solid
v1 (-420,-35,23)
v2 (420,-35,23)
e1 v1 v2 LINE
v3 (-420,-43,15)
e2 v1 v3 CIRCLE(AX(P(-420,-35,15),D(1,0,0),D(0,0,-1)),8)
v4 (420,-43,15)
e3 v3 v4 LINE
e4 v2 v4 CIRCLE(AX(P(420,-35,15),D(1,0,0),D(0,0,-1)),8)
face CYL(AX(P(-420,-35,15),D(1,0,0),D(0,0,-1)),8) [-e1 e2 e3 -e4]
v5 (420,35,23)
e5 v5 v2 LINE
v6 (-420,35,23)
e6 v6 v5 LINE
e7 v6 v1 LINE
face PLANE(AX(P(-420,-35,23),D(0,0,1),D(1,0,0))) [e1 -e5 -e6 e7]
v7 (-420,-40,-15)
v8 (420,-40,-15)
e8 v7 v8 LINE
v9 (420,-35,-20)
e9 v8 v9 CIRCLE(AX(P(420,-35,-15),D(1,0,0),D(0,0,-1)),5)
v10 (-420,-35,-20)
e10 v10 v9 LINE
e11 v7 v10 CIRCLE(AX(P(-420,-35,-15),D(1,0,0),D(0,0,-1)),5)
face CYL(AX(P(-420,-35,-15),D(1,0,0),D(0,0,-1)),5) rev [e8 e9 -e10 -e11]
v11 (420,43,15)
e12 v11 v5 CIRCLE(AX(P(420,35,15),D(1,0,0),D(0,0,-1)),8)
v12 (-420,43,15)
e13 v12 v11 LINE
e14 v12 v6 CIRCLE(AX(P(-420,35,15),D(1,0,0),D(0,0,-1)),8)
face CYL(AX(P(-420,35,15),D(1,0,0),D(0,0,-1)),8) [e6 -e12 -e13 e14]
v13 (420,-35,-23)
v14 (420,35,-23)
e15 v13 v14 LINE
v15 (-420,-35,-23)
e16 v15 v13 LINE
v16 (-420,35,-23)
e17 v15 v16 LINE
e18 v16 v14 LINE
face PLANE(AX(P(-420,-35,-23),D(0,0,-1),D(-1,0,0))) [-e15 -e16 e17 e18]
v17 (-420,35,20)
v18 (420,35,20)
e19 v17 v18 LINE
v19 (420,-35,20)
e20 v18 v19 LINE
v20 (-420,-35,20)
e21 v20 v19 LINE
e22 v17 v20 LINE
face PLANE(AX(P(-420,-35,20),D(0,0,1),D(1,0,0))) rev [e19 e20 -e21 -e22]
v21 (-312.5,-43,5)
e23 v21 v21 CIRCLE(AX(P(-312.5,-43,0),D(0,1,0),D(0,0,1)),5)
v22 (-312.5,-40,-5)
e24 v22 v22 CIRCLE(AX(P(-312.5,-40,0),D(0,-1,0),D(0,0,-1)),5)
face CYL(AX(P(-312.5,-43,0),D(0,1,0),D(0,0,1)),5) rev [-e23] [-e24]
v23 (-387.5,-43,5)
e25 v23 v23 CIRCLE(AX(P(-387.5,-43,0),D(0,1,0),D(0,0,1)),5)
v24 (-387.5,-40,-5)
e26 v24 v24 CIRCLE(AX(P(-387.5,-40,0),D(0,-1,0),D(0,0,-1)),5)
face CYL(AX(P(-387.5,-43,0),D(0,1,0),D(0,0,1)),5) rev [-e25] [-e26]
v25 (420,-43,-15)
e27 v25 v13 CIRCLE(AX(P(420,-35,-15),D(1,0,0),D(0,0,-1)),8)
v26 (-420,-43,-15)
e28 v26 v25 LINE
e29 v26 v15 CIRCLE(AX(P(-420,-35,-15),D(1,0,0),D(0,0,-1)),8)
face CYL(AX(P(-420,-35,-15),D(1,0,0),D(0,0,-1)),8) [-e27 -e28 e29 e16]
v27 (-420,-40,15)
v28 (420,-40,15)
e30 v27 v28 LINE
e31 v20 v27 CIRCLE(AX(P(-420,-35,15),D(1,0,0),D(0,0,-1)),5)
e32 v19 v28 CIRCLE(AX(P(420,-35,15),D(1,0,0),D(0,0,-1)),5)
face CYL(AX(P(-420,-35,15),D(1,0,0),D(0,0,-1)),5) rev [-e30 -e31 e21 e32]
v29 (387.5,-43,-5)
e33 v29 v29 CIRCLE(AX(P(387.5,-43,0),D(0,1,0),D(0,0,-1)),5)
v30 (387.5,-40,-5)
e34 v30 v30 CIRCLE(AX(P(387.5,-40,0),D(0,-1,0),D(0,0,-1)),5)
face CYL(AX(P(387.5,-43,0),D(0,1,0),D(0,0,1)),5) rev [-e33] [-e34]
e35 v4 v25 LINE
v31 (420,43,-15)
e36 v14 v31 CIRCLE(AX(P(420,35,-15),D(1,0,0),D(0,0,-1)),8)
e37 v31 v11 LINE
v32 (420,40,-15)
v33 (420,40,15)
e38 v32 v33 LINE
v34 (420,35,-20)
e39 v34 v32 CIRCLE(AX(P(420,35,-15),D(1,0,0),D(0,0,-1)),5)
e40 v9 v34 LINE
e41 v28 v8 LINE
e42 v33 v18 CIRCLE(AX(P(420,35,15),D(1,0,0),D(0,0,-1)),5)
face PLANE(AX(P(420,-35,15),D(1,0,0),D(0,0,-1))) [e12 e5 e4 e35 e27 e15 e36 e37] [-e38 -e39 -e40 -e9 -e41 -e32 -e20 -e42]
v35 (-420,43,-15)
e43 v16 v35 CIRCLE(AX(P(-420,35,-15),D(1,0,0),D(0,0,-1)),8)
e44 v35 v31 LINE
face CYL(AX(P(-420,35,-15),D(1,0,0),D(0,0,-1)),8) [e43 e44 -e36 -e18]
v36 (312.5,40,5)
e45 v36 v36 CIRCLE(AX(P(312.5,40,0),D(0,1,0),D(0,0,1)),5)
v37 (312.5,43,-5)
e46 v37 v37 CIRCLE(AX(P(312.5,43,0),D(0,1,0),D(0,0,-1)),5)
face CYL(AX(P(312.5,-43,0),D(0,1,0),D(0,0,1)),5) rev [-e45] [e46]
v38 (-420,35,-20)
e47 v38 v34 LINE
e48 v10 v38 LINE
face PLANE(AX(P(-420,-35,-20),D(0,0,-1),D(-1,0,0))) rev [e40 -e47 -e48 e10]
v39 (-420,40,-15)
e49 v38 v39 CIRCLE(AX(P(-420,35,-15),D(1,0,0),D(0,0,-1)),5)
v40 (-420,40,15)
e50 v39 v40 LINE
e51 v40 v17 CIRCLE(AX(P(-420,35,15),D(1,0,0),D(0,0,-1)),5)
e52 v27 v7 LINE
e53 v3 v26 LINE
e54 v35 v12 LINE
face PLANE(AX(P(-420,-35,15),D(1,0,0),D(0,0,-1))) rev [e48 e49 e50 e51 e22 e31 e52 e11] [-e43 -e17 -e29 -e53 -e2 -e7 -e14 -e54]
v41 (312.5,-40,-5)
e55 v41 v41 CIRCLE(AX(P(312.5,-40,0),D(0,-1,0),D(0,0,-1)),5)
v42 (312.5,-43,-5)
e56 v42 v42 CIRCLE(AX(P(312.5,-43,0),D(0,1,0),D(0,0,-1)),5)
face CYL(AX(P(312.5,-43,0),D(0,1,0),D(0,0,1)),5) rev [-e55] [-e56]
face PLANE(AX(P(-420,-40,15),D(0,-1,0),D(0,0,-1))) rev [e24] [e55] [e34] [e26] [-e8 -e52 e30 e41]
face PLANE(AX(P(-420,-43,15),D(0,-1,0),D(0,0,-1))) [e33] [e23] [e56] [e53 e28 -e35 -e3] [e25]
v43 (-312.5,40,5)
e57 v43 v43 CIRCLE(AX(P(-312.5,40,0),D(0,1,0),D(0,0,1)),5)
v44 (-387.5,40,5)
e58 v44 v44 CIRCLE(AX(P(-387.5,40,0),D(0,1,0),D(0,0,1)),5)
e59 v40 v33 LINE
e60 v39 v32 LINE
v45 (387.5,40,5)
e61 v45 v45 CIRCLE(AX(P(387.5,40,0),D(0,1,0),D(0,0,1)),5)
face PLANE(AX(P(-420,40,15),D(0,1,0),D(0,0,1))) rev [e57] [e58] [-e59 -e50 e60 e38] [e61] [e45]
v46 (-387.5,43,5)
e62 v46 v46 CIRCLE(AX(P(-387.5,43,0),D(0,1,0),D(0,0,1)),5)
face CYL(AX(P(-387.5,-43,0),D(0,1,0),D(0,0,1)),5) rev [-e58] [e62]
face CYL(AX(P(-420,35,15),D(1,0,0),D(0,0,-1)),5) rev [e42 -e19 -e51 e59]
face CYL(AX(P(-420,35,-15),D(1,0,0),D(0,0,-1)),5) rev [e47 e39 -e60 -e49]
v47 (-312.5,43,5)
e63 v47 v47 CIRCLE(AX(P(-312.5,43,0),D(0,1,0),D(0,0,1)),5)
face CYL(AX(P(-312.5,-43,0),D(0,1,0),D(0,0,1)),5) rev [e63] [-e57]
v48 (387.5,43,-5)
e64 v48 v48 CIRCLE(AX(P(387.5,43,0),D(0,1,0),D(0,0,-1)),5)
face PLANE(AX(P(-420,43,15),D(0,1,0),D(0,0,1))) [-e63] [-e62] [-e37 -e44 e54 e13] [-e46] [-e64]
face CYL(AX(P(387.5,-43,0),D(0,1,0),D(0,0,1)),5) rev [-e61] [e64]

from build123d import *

# Parameters (mm, degrees)
EXTRUDE_THIN1_DEPTH      = 420
EXTRUDE_THIN1_DEPTH_BACK = 420
CUT_EXTRUDE1_DEPTH       = 423.82147533
CUT_EXTRUDE1_DEPTH_BACK  = 423.82147533
SKETCH3_R                = 5


with BuildPart() as part:
    # Sketch1 → Extrude-Thin1 (new, two sides: drawn at the far end of the back side and taken through both)
    with BuildSketch(Plane(origin=(0, 0, 0), x_dir=(0, 0, -1), z_dir=(1, 0, 0)).offset(-EXTRUDE_THIN1_DEPTH_BACK)):
        with BuildLine():
            Line((-23, 35), (-23, -35))
            ThreePointArc((-23, -35), (-20.656854249, -40.656854249), (-15, -43))
            Line((-15, -43), (15, -43))
            ThreePointArc((15, -43), (20.656854249, -40.656854249), (23, -35))
            Line((23, -35), (23, 35))
            ThreePointArc((23, 35), (20.656854249, 40.656854249), (15, 43))
            Line((15, 43), (-15, 43))
            ThreePointArc((-15, 43), (-20.656854249, 40.656854249), (-23, 35))
        make_face()
        with BuildLine():
            Line((-20, 35), (-20, -35))
            ThreePointArc((-20, -35), (-18.535533906, -38.535533906), (-15, -40))
            Line((-15, -40), (15, -40))
            ThreePointArc((15, -40), (18.535533906, -38.535533906), (20, -35))
            Line((20, -35), (20, 35))
            ThreePointArc((20, 35), (18.535533906, 38.535533906), (15, 40))
            Line((15, 40), (-15, 40))
            ThreePointArc((-15, 40), (-18.535533906, 38.535533906), (-20, 35))
        make_face(mode=Mode.SUBTRACT)
    extrude(amount=EXTRUDE_THIN1_DEPTH + EXTRUDE_THIN1_DEPTH_BACK)

    # Sketch3 → Cut-Extrude1 (cut, two sides: drawn at the far end of the back side and taken through both)
    with BuildSketch(Plane(origin=(0, 0, 0), x_dir=(1, 0, 0), z_dir=(0, 1, 0)).offset(-CUT_EXTRUDE1_DEPTH_BACK)):
        with Locations(Location((-387.5, 0, 0), (0, 0, 270))):
            Circle(SKETCH3_R)
        with Locations(Location((-312.5, 0, 0), (0, 0, 270))):
            Circle(SKETCH3_R)
        with Locations(Location((387.5, 0, 0), (0, 0, 90))):
            Circle(SKETCH3_R)
        with Locations(Location((312.5, 0, 0), (0, 0, 90))):
            Circle(SKETCH3_R)
    extrude(amount=CUT_EXTRUDE1_DEPTH + CUT_EXTRUDE1_DEPTH_BACK, mode=Mode.SUBTRACT)


solid = part.part
